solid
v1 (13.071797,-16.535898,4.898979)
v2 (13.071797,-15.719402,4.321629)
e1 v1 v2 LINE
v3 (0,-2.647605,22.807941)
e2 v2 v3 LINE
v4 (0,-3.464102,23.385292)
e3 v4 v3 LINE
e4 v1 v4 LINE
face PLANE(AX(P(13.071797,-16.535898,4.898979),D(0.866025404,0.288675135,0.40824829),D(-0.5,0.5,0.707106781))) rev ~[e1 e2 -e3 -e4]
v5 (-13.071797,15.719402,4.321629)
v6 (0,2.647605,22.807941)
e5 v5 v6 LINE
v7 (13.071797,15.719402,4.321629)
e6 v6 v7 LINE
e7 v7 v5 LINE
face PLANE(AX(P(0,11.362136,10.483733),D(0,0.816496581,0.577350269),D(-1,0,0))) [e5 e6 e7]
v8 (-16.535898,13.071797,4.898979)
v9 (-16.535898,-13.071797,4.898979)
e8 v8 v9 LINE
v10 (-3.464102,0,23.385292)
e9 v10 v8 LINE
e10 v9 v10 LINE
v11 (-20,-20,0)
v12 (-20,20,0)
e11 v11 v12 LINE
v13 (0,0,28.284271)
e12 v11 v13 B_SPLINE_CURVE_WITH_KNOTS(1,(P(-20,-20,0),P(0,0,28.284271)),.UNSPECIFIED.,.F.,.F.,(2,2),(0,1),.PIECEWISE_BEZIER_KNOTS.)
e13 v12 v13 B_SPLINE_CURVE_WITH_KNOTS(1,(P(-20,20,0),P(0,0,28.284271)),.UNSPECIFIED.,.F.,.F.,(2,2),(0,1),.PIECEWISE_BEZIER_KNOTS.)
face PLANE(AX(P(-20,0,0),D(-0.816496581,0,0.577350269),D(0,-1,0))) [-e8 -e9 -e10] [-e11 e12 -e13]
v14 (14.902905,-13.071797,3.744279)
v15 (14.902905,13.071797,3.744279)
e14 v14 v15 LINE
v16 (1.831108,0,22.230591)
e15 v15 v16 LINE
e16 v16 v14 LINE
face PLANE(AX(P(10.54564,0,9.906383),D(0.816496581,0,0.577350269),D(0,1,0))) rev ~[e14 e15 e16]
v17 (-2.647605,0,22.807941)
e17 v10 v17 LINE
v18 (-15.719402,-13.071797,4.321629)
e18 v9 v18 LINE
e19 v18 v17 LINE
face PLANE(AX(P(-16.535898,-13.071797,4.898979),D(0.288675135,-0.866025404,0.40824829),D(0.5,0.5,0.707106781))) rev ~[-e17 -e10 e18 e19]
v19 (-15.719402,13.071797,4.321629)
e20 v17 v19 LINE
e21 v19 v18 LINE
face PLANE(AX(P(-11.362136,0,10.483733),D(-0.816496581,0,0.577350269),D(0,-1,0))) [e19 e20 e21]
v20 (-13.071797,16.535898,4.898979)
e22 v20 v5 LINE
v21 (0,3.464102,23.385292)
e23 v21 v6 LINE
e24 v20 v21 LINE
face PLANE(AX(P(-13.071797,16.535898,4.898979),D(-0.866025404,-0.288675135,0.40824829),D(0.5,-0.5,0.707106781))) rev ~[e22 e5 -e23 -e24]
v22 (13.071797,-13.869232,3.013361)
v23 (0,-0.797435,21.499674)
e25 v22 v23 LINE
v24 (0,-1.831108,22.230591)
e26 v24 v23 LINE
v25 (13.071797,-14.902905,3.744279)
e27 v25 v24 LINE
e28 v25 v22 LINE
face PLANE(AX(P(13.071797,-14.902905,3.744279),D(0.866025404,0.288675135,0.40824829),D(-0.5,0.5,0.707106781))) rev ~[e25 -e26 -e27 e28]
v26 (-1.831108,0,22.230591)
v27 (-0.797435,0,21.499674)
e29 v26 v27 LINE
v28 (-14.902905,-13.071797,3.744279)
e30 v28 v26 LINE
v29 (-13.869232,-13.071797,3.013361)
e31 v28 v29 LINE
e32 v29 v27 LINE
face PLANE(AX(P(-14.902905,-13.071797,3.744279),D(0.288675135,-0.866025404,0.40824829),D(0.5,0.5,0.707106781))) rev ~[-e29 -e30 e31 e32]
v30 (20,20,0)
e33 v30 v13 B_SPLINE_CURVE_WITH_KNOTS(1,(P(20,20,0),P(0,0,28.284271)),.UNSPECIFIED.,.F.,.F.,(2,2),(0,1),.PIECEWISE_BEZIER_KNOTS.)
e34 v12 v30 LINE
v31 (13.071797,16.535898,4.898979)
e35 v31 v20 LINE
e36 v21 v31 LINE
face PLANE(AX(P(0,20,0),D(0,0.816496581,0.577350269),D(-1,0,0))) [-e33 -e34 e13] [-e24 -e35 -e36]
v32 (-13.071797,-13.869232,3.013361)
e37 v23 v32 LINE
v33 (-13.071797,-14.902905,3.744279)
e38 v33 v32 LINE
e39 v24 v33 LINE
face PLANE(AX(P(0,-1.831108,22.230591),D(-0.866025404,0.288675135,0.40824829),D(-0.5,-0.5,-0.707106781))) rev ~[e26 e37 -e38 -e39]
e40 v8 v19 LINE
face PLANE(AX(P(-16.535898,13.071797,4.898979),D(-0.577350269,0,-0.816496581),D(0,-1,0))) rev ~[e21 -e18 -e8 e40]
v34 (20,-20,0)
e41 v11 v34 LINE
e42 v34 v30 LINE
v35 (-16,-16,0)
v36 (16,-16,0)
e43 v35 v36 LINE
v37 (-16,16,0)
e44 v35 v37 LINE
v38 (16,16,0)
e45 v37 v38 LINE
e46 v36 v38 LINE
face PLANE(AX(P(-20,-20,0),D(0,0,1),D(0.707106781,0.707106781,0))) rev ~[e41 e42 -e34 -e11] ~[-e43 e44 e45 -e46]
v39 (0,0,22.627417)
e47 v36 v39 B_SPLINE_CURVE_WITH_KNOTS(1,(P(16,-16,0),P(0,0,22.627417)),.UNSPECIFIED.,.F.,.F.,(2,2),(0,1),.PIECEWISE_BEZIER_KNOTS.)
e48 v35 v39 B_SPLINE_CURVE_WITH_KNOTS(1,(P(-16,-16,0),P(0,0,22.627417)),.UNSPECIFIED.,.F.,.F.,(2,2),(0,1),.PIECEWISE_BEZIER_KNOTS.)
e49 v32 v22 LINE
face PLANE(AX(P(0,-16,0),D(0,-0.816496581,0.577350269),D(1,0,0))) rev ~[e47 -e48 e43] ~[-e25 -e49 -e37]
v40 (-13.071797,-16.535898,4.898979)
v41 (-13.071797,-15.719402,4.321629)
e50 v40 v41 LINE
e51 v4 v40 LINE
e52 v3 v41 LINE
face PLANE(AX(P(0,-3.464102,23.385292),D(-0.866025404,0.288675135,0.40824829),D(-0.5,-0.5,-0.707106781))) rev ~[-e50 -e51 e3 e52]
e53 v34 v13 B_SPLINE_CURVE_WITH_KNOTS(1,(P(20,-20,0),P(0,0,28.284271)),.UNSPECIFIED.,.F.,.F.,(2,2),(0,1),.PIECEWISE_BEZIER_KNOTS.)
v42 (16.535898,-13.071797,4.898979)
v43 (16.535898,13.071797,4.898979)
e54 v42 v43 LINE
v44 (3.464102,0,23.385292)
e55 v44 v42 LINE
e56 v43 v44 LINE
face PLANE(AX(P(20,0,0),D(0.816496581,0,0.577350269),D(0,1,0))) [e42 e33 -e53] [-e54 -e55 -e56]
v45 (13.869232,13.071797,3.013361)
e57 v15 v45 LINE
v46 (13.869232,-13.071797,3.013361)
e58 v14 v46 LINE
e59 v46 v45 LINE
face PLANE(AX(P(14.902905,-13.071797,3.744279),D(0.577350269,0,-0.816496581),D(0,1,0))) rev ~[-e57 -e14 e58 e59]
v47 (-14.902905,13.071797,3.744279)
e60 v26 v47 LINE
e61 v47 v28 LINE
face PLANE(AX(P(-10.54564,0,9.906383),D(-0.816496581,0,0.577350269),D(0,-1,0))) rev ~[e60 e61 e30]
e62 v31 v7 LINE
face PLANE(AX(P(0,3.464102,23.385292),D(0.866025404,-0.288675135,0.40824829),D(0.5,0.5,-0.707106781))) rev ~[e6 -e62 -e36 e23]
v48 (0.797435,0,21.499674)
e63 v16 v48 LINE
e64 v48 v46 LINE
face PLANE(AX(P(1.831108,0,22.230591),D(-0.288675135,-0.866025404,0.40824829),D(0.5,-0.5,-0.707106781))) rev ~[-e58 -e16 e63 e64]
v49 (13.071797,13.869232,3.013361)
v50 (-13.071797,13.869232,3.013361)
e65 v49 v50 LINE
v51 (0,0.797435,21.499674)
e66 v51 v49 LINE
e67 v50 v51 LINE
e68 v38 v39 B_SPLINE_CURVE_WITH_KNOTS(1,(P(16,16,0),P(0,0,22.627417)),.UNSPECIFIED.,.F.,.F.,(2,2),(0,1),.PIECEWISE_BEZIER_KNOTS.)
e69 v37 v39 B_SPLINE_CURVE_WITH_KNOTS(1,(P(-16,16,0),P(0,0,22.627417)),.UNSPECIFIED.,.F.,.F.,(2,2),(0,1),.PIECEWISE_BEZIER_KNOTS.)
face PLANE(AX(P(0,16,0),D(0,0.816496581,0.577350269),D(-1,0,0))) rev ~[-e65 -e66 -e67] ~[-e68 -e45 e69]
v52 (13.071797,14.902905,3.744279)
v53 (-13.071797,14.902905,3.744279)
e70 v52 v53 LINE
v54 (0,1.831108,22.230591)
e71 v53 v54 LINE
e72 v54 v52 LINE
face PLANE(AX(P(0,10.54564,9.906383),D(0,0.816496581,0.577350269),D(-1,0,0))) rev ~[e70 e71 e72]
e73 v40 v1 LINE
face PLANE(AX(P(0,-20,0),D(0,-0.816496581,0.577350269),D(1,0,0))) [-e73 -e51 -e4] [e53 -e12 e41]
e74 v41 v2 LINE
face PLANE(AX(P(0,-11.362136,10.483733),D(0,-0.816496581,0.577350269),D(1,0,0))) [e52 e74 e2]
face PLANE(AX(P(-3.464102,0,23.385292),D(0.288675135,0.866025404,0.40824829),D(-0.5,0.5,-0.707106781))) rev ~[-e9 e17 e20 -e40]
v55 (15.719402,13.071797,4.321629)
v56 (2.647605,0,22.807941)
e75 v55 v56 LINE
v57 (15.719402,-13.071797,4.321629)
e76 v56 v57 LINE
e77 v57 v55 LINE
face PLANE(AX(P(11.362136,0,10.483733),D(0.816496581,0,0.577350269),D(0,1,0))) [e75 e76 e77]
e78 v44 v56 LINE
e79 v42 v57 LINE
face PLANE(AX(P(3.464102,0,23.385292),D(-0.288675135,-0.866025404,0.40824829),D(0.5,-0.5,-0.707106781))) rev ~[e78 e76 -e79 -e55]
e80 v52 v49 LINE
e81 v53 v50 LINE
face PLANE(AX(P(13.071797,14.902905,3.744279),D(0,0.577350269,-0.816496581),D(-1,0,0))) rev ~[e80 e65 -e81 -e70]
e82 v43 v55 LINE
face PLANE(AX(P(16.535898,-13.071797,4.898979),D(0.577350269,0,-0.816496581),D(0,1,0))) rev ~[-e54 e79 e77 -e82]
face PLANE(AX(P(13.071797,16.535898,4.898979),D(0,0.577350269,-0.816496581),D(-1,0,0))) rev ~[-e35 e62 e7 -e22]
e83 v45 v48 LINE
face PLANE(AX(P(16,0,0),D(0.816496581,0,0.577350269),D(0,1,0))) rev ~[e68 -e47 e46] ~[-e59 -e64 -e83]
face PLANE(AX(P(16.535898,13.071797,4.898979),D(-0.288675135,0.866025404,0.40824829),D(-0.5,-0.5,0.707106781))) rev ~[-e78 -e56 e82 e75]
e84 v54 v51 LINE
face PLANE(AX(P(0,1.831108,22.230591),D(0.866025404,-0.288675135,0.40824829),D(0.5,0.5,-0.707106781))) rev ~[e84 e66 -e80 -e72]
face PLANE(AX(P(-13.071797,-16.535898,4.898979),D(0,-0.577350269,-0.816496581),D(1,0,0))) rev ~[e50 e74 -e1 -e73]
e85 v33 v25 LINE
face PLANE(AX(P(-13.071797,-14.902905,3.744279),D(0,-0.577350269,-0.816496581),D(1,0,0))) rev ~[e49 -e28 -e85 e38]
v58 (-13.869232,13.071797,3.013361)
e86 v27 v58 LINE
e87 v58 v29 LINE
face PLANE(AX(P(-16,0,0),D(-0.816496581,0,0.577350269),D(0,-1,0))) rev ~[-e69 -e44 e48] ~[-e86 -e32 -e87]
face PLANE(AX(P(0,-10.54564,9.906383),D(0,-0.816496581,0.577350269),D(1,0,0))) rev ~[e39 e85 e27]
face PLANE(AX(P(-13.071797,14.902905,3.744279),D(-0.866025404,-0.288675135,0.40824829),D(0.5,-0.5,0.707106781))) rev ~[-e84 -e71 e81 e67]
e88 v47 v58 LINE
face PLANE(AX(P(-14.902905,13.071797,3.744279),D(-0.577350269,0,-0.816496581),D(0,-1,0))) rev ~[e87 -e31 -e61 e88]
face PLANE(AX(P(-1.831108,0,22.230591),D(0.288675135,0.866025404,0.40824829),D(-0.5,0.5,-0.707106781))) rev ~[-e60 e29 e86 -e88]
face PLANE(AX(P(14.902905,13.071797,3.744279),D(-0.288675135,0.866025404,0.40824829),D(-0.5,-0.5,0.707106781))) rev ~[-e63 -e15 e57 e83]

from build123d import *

# Parameters (mm, degrees)
F2_W      = 40
F2_H      = 40
F7_W      = 32
F7_H      = 32
F13_DEPTH = 1
F14_START = -2
F14_DEPTH = 3
F16_DEPTH = 1
F17_START = -2
F17_DEPTH = 3
F19_DEPTH = 1
F20_START = -2
F20_DEPTH = 3
F22_DEPTH = 1
F23_START = -2
F23_DEPTH = 3


with BuildPart() as f5:
    # F2 (on Top) → F5 section 0
    with BuildSketch(Plane.XY, mode=Mode.PRIVATE) as f5_s0:
        Rectangle(F2_W, F2_H)
    loft([f5_s0.sketch, Vertex(0, 0, 28.2842712475)])

    # F7 (on Top) → F9 section 0
    with BuildSketch(Plane.XY, mode=Mode.PRIVATE) as f9_s0:
        Rectangle(F7_W, F7_H)
    loft([f9_s0.sketch, Vertex(0, 0, 22.627416998)], mode=Mode.SUBTRACT)

    # F12 (on offset) → F13 (cut)
    with BuildSketch(Plane(origin=(0, -13.3333333333, 9.4280904158), x_dir=(1, 0, 0), z_dir=(0, -0.8164965809, 0.5773502692))):
        Polygon((13.0717967697, -5.5470053838), (0, 17.0940107676), (-13.0717967697, -5.5470053838), align=None)
    extrude(amount=-F13_DEPTH, mode=Mode.SUBTRACT)

    # F12 (on offset) → F14 (cut)
    with BuildSketch(Plane(origin=(0, -13.3333333333, 9.4280904158), x_dir=(1, 0, 0), z_dir=(0, -0.8164965809, 0.5773502692)).offset(F14_START)):
        Polygon((13.0717967697, -5.5470053838), (0, 17.0940107676), (-13.0717967697, -5.5470053838), align=None)
    extrude(amount=-F14_DEPTH, mode=Mode.SUBTRACT)

    # F15 (on offset) → F16 (cut)
    with BuildSketch(Plane(origin=(-13.3333333333, 0, 9.4280904158), x_dir=(0, -1, 0), z_dir=(-0.8164965809, 0, 0.5773502692))):
        Polygon((13.0717967697, -5.5470053838), (0, 17.0940107676), (-13.0717967697, -5.5470053838), align=None)
    extrude(amount=-F16_DEPTH, mode=Mode.SUBTRACT)

    # F15 (on offset) → F17 (cut)
    with BuildSketch(Plane(origin=(-13.3333333333, 0, 9.4280904158), x_dir=(0, -1, 0), z_dir=(-0.8164965809, 0, 0.5773502692)).offset(F17_START)):
        Polygon((13.0717967697, -5.5470053838), (0, 17.0940107676), (-13.0717967697, -5.5470053838), align=None)
    extrude(amount=-F17_DEPTH, mode=Mode.SUBTRACT)

    # F18 (on face) → F19 (cut)
    with BuildSketch(Plane(origin=(0, 13.3333333333, 9.4280904158), x_dir=(-1, 0, 0), z_dir=(0, 0.8164965809, 0.5773502692))):
        Polygon((13.0717967697, -5.5470053838), (0, 17.0940107676), (-13.0717967697, -5.5470053838), align=None)
    extrude(amount=-F19_DEPTH, mode=Mode.SUBTRACT)

    # F18 (on face) → F20 (cut)
    with BuildSketch(Plane(origin=(0, 13.3333333333, 9.4280904158), x_dir=(-1, 0, 0), z_dir=(0, 0.8164965809, 0.5773502692)).offset(F20_START)):
        Polygon((13.0717967697, -5.5470053838), (0, 17.0940107676), (-13.0717967697, -5.5470053838), align=None)
    extrude(amount=-F20_DEPTH, mode=Mode.SUBTRACT)

    # F21 (on face) → F22 (cut)
    with BuildSketch(Plane(origin=(13.3333333333, 0, 9.4280904158), x_dir=(0, 1, 0), z_dir=(0.8164965809, 0, 0.5773502692))):
        Polygon((13.0717967697, -5.5470053838), (0, 17.0940107676), (-13.0717967697, -5.5470053838), align=None)
    extrude(amount=-F22_DEPTH, mode=Mode.SUBTRACT)

    # F21 (on face) → F23 (cut)
    with BuildSketch(Plane(origin=(13.3333333333, 0, 9.4280904158), x_dir=(0, 1, 0), z_dir=(0.8164965809, 0, 0.5773502692)).offset(F23_START)):
        Polygon((13.0717967697, -5.5470053838), (0, 17.0940107676), (-13.0717967697, -5.5470053838), align=None)
    extrude(amount=-F23_DEPTH, mode=Mode.SUBTRACT)


solid = f5.part
